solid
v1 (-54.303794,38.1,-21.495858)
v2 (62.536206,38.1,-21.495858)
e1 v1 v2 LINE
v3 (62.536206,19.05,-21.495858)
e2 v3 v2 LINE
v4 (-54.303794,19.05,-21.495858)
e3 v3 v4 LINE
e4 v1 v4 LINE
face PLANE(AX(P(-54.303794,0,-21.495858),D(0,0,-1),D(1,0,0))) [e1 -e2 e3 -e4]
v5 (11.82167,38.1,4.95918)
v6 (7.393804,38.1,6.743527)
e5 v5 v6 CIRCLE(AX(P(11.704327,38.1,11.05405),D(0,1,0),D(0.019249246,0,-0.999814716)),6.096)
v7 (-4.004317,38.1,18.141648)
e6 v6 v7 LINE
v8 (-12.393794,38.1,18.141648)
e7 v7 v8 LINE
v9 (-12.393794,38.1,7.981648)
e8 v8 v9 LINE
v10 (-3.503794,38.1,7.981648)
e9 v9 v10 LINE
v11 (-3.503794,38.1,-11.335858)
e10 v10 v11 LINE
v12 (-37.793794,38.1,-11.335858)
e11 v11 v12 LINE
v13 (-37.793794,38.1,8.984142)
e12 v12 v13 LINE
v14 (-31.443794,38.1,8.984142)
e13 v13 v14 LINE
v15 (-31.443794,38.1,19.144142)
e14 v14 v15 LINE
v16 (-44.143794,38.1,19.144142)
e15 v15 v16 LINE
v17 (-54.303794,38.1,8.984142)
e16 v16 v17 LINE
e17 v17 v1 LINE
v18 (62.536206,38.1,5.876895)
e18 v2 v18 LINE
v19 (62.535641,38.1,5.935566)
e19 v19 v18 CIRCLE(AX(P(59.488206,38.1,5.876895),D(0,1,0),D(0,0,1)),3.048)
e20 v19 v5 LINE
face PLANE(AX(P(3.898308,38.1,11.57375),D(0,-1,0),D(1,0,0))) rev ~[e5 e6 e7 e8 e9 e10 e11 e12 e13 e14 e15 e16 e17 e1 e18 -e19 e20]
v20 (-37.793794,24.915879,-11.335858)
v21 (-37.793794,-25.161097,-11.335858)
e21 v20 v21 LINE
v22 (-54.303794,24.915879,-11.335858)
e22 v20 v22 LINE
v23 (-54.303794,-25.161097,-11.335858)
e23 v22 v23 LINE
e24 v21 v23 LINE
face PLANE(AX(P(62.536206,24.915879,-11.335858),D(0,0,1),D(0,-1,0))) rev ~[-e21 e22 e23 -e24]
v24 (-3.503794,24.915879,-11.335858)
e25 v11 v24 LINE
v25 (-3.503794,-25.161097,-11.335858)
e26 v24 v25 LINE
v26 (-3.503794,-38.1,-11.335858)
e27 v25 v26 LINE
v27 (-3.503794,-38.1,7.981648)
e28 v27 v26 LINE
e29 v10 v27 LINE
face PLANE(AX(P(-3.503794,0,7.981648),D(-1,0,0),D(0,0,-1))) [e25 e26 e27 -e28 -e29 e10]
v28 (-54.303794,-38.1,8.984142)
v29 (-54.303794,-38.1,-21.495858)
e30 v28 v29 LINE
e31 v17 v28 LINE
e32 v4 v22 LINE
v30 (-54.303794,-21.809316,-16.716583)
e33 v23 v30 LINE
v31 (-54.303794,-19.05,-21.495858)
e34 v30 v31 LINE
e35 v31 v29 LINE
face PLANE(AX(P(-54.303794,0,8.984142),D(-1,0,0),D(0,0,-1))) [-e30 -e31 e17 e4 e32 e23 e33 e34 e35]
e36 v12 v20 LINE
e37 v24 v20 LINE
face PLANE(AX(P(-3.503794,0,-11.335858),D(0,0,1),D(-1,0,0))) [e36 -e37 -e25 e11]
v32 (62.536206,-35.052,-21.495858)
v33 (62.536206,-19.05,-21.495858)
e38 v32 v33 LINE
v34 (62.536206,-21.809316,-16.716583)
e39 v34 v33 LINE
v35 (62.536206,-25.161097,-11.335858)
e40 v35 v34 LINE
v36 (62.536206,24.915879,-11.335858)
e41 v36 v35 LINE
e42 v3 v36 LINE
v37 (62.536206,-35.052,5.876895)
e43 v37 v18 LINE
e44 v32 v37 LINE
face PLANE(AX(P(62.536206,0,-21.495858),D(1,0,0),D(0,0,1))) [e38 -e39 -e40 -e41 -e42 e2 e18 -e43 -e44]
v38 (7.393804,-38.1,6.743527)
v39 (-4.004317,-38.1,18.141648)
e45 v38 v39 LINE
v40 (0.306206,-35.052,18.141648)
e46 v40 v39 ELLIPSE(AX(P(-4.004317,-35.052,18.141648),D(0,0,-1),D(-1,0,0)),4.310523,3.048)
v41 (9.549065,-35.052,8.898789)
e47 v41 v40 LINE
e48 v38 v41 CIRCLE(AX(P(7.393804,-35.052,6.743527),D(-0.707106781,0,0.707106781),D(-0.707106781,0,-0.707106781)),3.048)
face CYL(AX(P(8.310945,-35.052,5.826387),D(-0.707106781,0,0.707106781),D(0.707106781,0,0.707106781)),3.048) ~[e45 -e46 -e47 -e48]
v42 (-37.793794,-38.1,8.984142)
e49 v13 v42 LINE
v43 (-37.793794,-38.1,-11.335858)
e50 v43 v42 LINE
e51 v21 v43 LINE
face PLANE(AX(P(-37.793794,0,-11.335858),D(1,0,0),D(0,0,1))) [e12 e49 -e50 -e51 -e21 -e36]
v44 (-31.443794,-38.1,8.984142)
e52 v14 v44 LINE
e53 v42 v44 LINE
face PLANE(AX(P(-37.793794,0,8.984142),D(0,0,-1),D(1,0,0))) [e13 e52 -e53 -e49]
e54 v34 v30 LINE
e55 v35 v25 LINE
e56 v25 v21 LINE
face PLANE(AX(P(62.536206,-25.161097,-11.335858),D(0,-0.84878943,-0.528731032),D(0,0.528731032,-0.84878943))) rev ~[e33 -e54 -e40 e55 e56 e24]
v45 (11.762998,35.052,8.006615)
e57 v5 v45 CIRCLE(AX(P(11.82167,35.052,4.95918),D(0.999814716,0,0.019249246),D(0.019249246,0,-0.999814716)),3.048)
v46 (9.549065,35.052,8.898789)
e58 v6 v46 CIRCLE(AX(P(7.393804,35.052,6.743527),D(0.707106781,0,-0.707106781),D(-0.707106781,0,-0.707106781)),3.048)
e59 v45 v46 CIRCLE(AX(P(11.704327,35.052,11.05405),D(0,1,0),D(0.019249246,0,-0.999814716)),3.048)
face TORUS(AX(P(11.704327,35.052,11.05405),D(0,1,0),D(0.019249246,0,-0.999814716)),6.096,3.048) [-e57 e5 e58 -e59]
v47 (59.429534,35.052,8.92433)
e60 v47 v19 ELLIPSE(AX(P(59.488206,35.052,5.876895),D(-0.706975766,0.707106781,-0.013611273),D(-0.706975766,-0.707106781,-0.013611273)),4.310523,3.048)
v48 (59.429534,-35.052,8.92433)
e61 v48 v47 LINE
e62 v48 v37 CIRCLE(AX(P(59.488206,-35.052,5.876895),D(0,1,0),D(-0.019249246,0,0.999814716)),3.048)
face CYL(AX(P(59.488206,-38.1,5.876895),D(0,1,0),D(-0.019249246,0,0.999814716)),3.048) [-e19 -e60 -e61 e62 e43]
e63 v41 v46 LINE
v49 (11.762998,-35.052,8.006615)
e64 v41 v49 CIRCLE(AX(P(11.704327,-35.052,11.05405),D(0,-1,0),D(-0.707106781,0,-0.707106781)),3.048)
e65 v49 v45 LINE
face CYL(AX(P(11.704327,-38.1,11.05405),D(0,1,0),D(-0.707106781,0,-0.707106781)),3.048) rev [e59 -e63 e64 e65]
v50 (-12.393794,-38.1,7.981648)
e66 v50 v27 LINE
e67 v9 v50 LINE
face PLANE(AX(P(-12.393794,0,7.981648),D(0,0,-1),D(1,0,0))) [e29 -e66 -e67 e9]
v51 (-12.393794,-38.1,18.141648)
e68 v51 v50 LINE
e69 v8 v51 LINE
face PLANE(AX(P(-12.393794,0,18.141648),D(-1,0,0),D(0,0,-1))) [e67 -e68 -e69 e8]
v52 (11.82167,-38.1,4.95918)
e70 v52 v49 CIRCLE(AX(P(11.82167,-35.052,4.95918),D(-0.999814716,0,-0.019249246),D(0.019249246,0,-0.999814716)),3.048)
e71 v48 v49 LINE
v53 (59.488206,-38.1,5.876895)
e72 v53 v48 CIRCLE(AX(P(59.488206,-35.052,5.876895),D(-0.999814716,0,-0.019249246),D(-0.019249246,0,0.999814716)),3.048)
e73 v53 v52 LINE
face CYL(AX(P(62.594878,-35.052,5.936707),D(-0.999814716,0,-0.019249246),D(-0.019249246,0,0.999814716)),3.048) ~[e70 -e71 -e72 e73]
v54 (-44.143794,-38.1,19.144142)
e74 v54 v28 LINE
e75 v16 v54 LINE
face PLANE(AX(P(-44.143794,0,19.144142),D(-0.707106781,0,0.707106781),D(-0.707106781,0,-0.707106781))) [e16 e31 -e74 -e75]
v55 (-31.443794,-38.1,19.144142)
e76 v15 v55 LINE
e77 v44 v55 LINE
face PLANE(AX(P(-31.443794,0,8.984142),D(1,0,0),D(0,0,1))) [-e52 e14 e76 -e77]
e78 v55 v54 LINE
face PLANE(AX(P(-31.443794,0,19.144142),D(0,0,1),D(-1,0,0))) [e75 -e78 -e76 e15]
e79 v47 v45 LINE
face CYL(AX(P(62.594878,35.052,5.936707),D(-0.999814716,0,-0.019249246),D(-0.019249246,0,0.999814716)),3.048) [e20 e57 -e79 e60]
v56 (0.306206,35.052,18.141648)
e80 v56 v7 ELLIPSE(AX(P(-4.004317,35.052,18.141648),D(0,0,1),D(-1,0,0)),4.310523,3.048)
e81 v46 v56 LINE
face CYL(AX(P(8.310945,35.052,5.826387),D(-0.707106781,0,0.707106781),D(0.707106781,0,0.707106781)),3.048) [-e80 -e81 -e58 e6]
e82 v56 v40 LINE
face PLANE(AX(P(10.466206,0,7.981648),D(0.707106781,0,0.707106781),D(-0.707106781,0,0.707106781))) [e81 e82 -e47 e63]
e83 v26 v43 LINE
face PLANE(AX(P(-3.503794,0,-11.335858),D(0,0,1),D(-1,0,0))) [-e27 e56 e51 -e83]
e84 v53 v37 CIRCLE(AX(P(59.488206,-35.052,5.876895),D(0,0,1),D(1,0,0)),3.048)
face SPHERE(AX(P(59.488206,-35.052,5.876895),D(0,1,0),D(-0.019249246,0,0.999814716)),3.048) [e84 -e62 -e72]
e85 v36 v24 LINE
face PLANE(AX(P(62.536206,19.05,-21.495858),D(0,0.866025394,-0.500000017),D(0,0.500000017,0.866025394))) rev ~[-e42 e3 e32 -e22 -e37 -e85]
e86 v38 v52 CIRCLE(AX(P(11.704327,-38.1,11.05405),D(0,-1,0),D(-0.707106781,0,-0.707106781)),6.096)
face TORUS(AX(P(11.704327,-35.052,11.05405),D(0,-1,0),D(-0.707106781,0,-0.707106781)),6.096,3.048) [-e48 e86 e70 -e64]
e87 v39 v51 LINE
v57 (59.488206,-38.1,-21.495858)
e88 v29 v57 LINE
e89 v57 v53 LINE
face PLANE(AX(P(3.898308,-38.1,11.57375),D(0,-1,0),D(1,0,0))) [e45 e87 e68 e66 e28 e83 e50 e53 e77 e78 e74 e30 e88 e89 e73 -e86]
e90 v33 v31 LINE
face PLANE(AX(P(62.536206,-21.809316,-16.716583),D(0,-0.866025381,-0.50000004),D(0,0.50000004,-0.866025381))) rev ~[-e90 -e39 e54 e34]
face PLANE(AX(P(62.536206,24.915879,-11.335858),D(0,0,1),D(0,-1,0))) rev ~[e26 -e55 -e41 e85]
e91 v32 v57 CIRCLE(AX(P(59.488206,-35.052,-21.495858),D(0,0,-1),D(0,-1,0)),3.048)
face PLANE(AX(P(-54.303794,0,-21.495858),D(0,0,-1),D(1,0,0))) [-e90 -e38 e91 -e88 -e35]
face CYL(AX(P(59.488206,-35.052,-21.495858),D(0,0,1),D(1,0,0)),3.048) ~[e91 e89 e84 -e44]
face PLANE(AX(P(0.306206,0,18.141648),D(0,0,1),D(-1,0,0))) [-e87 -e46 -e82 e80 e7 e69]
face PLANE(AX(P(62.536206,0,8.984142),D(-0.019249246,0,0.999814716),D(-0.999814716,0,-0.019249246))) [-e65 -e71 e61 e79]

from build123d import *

# Parameters (mm, degrees)
F1_DEPTH = 38.1
F2_R     = 3.048
F4_DEPTH = 116.84


with BuildPart() as f1:
    # F0 (on Front) → F1 (new body, symmetric)
    with BuildSketch(Plane.XZ):
        Polygon((0.306206, 7.981648), (10.466206, 7.981648), (0.306206, 18.141648), align=None)
        Polygon((-54.303794, -21.495858), (62.536206, -21.495858), (62.536206, 8.984142), (10.466206, 7.981648), (0.306206, 7.981648), (0.306206, 18.141648), (-12.393794, 18.141648), (-12.393794, 7.981648), (-3.503794, 7.981648), (-3.503794, -11.335858), (-37.793794, -11.335858), (-37.793794, 8.984142), (-31.443794, 8.984142), (-31.443794, 19.144142), (-44.143794, 19.144142), (-54.303794, 8.984142), align=None)
    extrude(amount=F1_DEPTH, both=True)

    # F2
    f2_edges = [f1.edges().sort_by_distance(p)[0] for p in [
        (5.386206, -38.1, 13.061648),
        (36.501206, -38.1, 8.482895),
        (62.536206, -38.1, -6.255858),
        (62.536206, 0, 8.984142),
        (10.466206, 0, 7.981648),
        (36.501206, 38.1, 8.482895),
        (5.386206, 38.1, 13.061648),
    ]]
    fillet(f2_edges, radius=F2_R)

    # F3 (on face) → F4 (cut)
    with BuildSketch(Plane.YZ.offset(62.536206)):
        Polygon((0, -11.335858), (0, -21.495858), (19.05, -21.495858), (24.915879, -11.335858), align=None)
        Polygon((-19.05, -21.495858), (0, -21.495858), (0, -11.335858), (-25.161097, -11.335858), (-21.809316, -16.716583), align=None)
    extrude(amount=-F4_DEPTH, mode=Mode.SUBTRACT)


solid = f1.part
